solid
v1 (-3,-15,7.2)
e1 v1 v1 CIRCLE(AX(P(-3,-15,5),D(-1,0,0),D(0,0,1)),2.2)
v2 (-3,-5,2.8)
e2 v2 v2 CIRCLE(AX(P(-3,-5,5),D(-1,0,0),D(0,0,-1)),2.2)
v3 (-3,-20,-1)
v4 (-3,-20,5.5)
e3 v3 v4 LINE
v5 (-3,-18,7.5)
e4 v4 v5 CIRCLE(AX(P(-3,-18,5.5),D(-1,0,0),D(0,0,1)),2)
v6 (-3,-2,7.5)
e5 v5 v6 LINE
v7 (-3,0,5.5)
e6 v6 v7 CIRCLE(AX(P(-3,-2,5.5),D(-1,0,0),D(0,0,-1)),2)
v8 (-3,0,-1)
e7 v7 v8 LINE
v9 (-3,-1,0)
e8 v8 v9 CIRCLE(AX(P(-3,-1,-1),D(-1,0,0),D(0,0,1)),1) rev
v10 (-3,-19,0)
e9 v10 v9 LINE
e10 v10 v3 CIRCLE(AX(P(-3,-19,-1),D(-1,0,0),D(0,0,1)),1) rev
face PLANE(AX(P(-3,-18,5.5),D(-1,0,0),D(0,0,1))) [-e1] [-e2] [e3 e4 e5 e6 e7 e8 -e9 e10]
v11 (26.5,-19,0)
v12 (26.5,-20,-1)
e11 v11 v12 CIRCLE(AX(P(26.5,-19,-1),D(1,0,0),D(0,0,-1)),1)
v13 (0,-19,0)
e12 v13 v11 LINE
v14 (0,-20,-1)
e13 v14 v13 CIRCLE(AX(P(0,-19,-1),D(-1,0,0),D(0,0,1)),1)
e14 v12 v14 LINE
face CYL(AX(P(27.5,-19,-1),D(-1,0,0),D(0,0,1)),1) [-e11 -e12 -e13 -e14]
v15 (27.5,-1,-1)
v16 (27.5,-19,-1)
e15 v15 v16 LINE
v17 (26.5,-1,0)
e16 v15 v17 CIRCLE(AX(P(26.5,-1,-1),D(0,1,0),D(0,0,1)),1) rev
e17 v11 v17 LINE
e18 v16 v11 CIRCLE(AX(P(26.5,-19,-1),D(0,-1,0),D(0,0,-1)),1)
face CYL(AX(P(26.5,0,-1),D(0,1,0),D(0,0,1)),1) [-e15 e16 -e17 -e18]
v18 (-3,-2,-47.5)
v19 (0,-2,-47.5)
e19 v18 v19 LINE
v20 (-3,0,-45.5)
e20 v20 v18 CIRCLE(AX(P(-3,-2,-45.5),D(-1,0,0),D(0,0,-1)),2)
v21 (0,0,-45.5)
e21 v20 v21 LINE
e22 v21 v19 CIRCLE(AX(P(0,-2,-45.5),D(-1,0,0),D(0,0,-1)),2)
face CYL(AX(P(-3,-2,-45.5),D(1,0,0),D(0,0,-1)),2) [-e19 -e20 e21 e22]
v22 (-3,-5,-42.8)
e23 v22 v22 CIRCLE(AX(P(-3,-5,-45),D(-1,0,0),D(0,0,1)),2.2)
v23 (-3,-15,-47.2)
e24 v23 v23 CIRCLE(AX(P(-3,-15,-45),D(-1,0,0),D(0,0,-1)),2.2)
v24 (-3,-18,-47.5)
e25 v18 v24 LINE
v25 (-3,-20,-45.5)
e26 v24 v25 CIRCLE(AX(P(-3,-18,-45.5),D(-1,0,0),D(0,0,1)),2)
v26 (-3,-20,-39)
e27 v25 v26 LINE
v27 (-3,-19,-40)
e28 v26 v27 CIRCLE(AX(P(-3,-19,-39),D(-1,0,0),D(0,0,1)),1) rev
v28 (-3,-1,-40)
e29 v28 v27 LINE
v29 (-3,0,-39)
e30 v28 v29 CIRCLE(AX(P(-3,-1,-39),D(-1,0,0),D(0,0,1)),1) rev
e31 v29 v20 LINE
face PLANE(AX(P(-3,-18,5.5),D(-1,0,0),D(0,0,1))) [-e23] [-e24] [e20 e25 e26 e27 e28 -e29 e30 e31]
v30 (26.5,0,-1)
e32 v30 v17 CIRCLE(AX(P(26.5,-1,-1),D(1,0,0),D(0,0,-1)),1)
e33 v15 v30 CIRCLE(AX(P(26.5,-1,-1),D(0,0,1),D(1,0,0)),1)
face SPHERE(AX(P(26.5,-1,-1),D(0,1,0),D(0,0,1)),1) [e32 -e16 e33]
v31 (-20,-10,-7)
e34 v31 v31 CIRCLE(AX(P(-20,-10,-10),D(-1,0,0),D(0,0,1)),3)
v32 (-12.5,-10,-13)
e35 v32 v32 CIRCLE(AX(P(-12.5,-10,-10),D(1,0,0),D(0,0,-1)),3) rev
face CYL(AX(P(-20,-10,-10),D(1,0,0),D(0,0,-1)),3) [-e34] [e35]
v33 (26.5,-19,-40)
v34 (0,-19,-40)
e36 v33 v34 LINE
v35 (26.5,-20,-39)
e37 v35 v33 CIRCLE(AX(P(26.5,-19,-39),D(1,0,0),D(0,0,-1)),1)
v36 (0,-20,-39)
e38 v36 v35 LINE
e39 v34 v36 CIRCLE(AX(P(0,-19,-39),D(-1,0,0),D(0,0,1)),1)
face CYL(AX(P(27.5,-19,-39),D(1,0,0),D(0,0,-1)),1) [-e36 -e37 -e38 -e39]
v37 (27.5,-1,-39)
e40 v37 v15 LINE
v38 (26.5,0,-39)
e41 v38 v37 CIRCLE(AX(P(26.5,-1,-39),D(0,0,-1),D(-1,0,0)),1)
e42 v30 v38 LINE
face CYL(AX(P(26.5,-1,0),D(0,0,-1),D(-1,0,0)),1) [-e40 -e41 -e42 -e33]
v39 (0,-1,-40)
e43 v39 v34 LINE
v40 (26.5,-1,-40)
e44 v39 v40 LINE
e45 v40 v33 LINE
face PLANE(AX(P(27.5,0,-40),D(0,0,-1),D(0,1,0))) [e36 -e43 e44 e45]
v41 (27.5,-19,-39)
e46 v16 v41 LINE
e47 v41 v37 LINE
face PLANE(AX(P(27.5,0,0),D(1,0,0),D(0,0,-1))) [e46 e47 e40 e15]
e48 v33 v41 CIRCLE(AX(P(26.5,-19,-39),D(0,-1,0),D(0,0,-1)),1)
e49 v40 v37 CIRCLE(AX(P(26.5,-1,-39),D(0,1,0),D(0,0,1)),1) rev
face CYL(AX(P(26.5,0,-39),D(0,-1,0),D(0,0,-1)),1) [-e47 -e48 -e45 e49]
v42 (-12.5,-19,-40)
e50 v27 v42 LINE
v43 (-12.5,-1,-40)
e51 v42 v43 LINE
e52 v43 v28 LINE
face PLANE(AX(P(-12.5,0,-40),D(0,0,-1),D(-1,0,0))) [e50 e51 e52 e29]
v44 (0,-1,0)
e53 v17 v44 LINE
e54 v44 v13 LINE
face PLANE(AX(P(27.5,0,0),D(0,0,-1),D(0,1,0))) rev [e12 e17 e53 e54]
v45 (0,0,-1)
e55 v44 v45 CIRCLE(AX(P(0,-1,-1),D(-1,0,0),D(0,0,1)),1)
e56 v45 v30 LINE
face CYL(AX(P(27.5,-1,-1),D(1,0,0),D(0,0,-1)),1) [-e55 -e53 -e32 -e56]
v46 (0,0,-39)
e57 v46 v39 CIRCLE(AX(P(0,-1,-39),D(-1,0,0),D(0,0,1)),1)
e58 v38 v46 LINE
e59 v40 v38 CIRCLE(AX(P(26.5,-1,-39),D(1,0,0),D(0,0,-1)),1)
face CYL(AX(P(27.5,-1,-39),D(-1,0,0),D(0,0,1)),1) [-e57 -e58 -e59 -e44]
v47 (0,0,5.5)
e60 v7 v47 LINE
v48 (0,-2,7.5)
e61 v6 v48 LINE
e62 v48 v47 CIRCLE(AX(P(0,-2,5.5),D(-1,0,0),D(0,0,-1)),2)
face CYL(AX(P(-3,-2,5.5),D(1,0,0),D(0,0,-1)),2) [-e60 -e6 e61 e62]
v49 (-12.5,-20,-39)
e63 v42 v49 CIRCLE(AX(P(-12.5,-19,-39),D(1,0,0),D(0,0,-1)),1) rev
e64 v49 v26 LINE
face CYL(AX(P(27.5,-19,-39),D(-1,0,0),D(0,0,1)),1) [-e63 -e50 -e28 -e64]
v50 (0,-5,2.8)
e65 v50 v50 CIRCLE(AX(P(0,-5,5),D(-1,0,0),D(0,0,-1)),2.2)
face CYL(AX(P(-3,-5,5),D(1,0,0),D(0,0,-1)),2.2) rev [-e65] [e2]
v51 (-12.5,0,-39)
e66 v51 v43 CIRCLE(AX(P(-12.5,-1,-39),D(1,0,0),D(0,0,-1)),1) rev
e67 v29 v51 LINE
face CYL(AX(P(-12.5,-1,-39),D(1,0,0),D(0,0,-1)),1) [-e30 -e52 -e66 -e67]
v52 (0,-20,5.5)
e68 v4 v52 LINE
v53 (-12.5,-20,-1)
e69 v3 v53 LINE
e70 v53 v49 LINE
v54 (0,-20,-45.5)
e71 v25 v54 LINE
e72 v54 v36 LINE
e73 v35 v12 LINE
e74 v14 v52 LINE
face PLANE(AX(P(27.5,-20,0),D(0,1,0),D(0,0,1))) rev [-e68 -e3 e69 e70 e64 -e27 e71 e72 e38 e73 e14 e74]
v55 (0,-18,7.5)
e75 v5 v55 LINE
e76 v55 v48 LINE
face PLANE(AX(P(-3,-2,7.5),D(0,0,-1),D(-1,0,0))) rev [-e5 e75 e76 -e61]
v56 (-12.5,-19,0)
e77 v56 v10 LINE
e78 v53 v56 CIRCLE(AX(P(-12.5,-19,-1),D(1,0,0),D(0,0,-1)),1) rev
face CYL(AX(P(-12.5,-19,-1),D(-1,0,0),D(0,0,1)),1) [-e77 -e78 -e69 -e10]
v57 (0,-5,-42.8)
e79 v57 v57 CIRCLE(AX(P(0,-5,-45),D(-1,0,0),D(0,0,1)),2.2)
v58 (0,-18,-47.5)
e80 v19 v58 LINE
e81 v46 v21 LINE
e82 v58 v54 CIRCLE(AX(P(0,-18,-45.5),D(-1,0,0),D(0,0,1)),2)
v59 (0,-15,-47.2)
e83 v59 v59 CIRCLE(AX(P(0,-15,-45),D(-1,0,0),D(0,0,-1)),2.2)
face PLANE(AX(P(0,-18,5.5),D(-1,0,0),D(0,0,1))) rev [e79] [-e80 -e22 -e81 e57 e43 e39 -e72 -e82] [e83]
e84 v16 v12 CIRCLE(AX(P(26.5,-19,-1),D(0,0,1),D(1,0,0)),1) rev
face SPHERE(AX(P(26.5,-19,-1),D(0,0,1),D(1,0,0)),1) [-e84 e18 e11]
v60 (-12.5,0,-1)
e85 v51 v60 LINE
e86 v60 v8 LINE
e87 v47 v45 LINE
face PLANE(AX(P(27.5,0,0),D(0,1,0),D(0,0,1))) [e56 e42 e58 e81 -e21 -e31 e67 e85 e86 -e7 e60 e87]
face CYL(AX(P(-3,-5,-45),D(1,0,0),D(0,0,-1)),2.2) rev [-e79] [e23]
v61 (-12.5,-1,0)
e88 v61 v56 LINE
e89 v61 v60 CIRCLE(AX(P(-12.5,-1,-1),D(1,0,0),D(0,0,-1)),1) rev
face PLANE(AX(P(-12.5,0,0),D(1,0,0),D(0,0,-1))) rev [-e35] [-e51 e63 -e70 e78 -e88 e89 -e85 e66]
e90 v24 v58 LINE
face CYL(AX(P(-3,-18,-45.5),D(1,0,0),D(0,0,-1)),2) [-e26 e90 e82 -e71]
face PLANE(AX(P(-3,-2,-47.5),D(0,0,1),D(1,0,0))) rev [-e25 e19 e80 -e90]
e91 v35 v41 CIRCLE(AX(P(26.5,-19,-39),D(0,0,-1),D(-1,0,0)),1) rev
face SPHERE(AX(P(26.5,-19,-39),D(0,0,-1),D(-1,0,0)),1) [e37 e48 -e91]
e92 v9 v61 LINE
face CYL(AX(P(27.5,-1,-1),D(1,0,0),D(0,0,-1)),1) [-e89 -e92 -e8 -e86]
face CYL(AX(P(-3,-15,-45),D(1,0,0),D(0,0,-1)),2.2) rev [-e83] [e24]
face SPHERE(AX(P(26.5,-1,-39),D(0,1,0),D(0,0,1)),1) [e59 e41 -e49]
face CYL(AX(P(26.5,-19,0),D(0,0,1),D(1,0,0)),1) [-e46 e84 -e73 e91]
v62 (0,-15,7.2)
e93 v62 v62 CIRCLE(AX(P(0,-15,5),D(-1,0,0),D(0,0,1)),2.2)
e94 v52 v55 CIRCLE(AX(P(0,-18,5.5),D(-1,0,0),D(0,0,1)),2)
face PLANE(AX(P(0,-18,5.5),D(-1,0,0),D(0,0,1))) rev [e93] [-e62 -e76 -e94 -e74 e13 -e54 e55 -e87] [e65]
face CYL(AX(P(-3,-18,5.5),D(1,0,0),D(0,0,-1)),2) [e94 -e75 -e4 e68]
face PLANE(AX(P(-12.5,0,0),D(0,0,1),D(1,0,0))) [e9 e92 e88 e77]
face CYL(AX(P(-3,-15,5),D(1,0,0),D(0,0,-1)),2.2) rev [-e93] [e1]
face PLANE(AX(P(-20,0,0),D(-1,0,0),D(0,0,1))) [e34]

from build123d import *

# Parameters (mm, degrees)
EXTRUDE_1_DEPTH = 27.5
SKETCH_2_R      = 2.2
EXTRUDE_2_DEPTH = 3
SKETCH_3_W      = 40
SKETCH_3_H      = 20
EXTRUDE_3_DEPTH = 40
SKETCH_4_R      = 3
EXTRUDE_4_DEPTH = 7.5
FILLET_1_R      = 1


with BuildPart() as part:
    # ｽｹｯﾁ1 → ﾎﾞｽ - 押し出し1 (new body)
    with BuildSketch(Plane(origin=(0, 0, 0), x_dir=(0, 0, -1), z_dir=(1, 0, 0))):
        Polygon((40, 0), (0, 0), (0, -10), (0, -20), (40, -20), align=None)
    extrude(amount=EXTRUDE_1_DEPTH)

    # ｽｹｯﾁ2 → ﾎﾞｽ - 押し出し2 (add)
    with BuildSketch(Plane.ZY):
        with BuildLine():
            Line((5.5, 0), (-45.5, 0))
            ThreePointArc((-45.5, 0), (-46.914213562, -0.585786438), (-47.5, -2))
            Line((-47.5, -2), (-47.5, -18))
            ThreePointArc((-47.5, -18), (-46.914213562, -19.414213562), (-45.5, -20))
            Line((-45.5, -20), (5.5, -20))
            ThreePointArc((5.5, -20), (6.914213562, -19.414213562), (7.5, -18))
            Line((7.5, -18), (7.5, -2))
            ThreePointArc((7.5, -2), (6.914213562, -0.585786438), (5.5, 0))
        make_face()
        with Locations((-45, -5)):
            Circle(SKETCH_2_R, mode=Mode.SUBTRACT)
        with Locations(Location((5, -5, 0), (0, 0, 180))):
            Circle(SKETCH_2_R, mode=Mode.SUBTRACT)
        with Locations((5, -15)):
            Circle(SKETCH_2_R, mode=Mode.SUBTRACT)
        with Locations(Location((-45, -15, 0), (0, 0, 180))):
            Circle(SKETCH_2_R, mode=Mode.SUBTRACT)
    extrude(amount=EXTRUDE_2_DEPTH)

    # ｽｹｯﾁ3 → ﾎﾞｽ - 押し出し3 (add)
    with BuildSketch(Plane(origin=(27.5, 0, 0), x_dir=(0, 0, -1), z_dir=(1, 0, 0))):
        with Locations((20, -10)):
            Rectangle(SKETCH_3_W, SKETCH_3_H)
    extrude(amount=-EXTRUDE_3_DEPTH)

    # ｽｹｯﾁ4 → ﾎﾞｽ - 押し出し4 (add)
    with BuildSketch(Plane.ZY.offset(12.5)):
        with Locations(Location((-10, -10, 0), (0, 0, 180))):
            Circle(SKETCH_4_R)
    extrude(amount=EXTRUDE_4_DEPTH)

    # ﾌｨﾚｯﾄ1
    fillet_1_edges = [part.edges().sort_by_distance(p)[0] for p in [
        (27.5, 0, -20),
        (27.5, -10, 0),
        (27.5, -20, -20),
        (-7.75, -20, 0),
        (-7.75, 0, 0),
        (-7.75, 0, -40),
        (-7.75, -20, -40),
        (27.5, -10, -40),
        (13.75, -20, -40),
        (13.75, -20, 0),
        (13.75, 0, 0),
        (13.75, 0, -40),
    ]]
    fillet(fillet_1_edges, radius=FILLET_1_R)


solid = part.part
